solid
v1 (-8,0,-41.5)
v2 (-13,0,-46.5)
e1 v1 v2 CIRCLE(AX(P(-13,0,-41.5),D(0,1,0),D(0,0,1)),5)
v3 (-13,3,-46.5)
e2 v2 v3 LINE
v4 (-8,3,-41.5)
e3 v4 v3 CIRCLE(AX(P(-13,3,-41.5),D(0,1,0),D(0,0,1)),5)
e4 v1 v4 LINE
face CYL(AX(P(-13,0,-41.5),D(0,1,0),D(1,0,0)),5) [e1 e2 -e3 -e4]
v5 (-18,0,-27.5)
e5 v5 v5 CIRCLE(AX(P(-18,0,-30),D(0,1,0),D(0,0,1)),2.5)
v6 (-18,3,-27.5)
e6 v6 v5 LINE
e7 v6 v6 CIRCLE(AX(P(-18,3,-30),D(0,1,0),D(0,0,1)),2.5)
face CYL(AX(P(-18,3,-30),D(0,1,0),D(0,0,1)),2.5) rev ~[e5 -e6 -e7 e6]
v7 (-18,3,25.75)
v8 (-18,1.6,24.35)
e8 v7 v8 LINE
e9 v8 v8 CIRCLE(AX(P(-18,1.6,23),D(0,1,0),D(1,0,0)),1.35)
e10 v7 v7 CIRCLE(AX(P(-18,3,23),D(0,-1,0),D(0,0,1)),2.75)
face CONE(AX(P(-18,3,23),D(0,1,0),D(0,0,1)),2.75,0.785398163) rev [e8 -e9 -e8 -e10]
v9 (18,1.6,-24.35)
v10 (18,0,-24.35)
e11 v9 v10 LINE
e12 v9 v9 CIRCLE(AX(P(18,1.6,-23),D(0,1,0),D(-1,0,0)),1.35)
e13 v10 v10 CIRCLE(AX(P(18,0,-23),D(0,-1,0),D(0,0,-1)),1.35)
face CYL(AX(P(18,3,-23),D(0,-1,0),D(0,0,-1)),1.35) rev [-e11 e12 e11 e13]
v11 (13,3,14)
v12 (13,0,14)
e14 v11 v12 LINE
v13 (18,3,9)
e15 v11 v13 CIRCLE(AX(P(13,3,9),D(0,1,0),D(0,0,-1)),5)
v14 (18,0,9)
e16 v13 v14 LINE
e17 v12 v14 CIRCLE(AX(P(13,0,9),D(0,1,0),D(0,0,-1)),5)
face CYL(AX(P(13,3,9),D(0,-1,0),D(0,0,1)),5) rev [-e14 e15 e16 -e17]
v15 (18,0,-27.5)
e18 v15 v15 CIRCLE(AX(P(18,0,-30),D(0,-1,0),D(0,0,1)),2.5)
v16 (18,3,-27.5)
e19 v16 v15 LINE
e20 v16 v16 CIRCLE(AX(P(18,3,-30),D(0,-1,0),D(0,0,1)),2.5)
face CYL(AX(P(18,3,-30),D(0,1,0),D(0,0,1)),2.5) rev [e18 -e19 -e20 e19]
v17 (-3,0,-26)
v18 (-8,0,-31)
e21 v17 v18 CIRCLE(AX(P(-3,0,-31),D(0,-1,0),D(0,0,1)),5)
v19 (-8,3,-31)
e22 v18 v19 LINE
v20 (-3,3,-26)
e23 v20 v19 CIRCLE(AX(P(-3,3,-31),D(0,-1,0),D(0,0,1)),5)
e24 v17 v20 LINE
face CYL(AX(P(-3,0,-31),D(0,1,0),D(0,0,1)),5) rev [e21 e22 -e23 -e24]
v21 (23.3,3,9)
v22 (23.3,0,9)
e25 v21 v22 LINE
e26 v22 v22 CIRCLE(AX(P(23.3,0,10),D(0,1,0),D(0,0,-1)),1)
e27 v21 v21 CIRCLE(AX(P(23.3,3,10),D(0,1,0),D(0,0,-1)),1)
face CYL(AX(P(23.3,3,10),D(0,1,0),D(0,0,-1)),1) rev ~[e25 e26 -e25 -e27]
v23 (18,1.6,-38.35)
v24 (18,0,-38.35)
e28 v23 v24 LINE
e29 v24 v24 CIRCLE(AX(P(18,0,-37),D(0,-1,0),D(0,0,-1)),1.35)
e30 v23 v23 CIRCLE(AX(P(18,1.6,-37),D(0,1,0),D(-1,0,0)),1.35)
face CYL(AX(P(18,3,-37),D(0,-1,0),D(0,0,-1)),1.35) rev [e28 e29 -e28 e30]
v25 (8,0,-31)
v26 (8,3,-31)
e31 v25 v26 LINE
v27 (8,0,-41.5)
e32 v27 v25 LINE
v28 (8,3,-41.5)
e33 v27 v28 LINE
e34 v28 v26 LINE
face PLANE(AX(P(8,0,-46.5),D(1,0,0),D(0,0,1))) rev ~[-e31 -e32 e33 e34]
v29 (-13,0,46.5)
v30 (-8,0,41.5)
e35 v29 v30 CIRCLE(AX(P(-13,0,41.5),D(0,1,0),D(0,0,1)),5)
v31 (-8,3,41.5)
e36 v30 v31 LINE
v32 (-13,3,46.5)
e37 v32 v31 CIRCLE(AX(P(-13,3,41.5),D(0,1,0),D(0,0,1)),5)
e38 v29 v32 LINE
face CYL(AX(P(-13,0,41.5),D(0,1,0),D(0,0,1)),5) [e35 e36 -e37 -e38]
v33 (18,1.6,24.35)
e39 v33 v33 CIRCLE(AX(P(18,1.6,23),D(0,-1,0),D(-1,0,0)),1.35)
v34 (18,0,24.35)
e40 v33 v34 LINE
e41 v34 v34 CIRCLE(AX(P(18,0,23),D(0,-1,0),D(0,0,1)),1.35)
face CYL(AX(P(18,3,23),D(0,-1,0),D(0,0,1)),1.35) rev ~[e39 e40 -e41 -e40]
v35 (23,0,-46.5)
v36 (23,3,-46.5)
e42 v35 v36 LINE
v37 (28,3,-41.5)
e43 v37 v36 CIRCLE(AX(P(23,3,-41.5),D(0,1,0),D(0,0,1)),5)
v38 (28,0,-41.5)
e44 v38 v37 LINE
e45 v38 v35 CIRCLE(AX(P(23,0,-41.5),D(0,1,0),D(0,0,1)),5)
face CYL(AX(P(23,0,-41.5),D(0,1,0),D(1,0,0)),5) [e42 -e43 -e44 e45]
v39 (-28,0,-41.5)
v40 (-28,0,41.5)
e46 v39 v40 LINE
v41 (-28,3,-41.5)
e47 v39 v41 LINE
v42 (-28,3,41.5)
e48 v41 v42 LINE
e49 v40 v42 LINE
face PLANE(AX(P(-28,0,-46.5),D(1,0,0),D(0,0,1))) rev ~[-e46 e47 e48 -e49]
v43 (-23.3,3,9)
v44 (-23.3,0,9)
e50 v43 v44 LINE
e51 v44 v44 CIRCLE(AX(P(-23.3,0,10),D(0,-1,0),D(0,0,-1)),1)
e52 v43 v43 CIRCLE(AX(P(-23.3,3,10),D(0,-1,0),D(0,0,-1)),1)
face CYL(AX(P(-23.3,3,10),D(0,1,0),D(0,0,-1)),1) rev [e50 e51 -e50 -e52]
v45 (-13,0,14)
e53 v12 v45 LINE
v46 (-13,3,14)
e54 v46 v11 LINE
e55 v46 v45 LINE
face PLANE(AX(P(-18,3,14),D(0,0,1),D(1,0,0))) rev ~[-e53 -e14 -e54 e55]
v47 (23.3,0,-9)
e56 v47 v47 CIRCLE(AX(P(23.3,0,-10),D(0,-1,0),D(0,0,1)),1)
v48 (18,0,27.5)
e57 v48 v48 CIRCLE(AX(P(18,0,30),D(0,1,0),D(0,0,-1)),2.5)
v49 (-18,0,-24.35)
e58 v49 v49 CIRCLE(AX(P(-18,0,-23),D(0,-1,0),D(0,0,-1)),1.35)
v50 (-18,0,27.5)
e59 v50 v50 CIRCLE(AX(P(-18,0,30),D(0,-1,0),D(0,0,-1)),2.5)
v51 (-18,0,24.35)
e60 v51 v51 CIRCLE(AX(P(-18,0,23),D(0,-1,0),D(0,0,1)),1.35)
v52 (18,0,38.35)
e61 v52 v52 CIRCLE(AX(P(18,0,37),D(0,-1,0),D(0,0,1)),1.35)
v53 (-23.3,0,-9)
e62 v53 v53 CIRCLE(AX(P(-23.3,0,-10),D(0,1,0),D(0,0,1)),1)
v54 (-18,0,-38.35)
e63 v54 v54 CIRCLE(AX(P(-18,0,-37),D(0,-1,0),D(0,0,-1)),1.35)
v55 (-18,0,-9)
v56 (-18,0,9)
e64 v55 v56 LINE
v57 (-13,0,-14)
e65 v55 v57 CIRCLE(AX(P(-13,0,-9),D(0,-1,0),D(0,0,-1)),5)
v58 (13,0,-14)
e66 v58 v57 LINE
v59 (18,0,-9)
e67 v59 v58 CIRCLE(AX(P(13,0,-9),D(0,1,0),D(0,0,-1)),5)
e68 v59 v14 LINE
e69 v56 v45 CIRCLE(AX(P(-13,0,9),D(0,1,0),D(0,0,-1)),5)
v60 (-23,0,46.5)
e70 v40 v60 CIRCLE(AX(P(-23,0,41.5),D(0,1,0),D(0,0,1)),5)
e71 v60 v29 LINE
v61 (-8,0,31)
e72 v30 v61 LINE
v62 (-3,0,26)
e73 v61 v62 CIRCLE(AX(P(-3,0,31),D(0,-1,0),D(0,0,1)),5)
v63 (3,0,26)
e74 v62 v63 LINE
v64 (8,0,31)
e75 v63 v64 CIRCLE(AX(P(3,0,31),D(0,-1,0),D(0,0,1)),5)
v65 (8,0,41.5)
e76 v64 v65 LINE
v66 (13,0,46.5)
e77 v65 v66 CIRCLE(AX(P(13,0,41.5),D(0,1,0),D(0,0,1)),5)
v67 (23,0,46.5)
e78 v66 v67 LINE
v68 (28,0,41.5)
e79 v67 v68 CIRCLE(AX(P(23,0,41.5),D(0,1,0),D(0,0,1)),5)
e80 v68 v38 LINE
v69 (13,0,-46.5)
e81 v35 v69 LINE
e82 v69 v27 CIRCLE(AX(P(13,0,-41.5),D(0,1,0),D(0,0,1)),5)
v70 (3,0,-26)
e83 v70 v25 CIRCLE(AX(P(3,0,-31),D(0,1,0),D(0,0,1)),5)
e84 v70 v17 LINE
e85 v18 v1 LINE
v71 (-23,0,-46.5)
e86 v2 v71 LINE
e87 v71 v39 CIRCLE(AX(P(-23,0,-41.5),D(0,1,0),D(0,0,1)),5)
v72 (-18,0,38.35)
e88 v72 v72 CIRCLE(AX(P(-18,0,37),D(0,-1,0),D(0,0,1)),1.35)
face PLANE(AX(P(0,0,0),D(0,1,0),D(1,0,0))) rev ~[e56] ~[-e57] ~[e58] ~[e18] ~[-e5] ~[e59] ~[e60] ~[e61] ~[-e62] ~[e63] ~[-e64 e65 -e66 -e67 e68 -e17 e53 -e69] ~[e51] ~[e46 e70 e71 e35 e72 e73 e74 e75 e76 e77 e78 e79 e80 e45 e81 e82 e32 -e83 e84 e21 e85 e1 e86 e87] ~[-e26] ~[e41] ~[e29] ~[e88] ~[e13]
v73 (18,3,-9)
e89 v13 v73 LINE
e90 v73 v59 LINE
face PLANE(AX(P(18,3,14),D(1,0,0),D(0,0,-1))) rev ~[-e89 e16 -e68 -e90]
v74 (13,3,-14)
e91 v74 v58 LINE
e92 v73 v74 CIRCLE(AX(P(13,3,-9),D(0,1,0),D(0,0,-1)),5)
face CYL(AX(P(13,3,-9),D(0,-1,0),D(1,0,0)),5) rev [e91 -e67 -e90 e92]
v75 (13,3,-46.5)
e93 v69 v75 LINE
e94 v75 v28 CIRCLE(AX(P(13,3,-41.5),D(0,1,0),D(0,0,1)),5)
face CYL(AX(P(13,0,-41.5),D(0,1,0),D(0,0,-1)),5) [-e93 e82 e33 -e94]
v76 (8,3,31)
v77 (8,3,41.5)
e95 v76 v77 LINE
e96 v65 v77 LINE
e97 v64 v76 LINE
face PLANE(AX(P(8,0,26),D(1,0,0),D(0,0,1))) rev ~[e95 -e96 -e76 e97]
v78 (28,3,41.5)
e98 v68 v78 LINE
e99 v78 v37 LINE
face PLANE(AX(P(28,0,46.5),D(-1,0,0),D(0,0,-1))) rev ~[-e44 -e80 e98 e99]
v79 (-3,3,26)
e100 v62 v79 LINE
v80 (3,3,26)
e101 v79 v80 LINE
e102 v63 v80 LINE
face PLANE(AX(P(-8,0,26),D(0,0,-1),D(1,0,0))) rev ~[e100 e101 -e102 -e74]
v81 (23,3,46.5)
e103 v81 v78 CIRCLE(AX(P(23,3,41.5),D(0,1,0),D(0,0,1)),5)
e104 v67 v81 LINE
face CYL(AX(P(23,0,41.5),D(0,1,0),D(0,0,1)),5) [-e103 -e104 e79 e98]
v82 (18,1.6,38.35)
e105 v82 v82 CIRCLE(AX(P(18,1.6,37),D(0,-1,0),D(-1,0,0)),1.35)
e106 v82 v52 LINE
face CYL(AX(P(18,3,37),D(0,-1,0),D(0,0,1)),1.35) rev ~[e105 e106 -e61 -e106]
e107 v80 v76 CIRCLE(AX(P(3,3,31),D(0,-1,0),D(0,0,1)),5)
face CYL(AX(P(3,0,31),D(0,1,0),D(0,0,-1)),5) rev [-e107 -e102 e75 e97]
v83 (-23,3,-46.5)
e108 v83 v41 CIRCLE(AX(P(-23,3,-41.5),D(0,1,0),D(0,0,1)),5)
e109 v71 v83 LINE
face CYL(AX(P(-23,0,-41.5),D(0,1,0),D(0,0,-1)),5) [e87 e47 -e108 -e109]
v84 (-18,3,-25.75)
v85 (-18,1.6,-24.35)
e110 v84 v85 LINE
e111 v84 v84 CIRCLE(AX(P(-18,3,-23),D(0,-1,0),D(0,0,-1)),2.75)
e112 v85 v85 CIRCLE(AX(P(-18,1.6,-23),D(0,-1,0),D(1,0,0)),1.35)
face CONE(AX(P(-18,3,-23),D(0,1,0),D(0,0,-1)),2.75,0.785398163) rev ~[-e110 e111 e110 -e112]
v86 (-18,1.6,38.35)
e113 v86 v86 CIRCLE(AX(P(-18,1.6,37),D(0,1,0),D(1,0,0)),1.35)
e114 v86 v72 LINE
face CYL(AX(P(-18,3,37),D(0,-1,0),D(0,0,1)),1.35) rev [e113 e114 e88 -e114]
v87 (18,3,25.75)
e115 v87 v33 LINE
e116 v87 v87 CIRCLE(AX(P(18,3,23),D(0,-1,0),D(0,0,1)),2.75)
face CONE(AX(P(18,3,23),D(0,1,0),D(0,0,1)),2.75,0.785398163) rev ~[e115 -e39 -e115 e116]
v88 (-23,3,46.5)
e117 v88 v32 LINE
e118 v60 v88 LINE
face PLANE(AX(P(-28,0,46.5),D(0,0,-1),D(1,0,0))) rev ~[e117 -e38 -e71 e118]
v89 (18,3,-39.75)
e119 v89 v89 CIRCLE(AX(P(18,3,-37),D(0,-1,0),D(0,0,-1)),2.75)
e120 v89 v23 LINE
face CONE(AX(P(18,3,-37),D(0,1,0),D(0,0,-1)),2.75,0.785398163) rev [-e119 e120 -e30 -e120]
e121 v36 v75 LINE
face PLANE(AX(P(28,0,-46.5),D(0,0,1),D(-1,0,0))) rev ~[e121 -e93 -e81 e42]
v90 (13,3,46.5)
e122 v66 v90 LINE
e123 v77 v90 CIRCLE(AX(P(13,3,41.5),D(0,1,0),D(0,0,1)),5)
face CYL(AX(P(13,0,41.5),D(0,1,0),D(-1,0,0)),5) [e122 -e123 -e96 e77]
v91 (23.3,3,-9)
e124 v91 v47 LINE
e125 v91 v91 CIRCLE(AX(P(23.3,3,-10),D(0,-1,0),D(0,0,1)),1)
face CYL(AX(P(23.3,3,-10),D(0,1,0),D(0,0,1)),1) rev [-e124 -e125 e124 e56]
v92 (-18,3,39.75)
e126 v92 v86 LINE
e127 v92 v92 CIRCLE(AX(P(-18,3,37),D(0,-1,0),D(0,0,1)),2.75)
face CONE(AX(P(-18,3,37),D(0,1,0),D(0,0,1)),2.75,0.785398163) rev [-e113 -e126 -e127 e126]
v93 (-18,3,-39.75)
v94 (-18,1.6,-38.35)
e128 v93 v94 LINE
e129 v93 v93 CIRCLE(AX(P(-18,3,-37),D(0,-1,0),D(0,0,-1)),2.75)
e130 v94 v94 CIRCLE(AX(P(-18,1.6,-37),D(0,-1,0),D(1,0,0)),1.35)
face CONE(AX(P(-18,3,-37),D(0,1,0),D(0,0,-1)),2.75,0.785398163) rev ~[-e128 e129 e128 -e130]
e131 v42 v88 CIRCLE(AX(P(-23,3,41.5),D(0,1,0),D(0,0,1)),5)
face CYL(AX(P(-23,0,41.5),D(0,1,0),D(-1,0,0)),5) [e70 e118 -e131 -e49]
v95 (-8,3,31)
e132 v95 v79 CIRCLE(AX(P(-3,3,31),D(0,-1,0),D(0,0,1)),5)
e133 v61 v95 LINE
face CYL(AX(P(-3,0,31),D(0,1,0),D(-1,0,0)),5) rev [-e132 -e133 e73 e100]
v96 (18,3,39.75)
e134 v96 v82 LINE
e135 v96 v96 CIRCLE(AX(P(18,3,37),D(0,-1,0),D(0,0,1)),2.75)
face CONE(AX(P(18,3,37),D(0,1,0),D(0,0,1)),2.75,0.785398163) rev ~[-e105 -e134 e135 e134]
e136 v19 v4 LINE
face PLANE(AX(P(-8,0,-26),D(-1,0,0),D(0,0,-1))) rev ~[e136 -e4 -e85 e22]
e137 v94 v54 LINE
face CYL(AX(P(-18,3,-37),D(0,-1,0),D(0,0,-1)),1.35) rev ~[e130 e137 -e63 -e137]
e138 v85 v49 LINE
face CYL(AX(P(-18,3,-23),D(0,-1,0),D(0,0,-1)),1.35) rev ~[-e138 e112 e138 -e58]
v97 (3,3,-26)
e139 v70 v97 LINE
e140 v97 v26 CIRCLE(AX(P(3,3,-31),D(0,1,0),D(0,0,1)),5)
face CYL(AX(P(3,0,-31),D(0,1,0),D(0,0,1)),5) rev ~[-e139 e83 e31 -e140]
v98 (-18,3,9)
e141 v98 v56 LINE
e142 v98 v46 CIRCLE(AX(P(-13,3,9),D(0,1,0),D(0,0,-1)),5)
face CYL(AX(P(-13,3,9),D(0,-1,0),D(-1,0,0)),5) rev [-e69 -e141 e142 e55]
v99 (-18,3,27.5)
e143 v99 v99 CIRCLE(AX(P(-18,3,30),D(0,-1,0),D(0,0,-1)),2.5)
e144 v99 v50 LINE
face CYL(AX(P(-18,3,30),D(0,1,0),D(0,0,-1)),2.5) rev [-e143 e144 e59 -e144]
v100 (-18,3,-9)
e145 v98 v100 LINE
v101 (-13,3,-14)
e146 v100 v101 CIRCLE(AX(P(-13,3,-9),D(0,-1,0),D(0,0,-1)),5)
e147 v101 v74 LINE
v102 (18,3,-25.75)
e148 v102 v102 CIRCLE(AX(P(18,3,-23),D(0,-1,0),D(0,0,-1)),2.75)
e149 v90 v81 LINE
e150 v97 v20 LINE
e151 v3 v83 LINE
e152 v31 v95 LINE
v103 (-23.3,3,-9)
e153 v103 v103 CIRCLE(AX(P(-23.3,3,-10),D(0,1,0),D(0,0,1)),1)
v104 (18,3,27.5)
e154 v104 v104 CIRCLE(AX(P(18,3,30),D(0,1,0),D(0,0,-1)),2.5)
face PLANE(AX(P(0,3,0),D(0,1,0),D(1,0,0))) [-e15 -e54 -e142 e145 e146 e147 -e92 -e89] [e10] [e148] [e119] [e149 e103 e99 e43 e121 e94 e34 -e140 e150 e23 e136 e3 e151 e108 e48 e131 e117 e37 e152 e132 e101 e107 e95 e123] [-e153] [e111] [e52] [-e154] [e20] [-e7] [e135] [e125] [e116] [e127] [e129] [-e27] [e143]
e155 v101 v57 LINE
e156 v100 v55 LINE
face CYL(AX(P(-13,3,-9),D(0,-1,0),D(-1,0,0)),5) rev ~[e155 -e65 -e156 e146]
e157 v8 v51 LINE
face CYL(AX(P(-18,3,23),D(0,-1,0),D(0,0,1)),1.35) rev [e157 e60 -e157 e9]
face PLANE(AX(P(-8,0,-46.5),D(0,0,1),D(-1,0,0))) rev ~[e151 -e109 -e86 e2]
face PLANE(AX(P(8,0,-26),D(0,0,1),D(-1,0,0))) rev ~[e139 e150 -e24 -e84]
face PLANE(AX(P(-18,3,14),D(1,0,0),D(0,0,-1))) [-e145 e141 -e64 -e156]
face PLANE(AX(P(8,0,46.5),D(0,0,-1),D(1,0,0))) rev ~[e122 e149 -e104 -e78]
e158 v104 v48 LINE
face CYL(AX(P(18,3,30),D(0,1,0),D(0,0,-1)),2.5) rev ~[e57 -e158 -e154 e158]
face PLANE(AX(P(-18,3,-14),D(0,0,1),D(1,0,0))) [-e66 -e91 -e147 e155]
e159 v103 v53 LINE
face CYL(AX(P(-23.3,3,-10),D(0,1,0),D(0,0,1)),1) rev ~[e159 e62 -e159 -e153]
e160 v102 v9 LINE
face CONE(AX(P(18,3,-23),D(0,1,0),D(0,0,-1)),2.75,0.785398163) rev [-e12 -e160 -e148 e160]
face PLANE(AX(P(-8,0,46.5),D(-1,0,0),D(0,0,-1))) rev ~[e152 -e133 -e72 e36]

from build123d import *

# Parameters (mm, degrees)
BOSS_EXTRUDE1_DEPTH                                  = 3
FILLET1_R                                            = 5
CUT_EXTRUDE1_REACH                                   = 56.362
SKETCH5_W                                            = 36
SKETCH5_H                                            = 28
FILLET2_R                                            = 5
CSK_FOR_M2_5_COUNTERSUNK_FLAT_HEAD_SCREW_D           = 2.7
CSK_FOR_M2_5_COUNTERSUNK_FLAT_HEAD_SCREW_CSINK_D     = 5.5
CSK_FOR_M2_5_COUNTERSUNK_FLAT_HEAD_SCREW_CSINK_ANGLE = 90
CUT_EXTRUDE2_REACH                                   = 56.362
SKETCH3_R                                            = 2.5
MIRROR1_AT_THE_SECOND_PLANE_COPY_1_D                 = 2.7
MIRROR1_AT_THE_SECOND_PLANE_COPY_1_CSINK_D           = 5.5
MIRROR1_AT_THE_SECOND_PLANE_COPY_1_CSINK_ANGLE       = 90
MIRROR1_AT_THE_SECOND_PLANE_COPY_2_REACH             = 56.362
MIRROR1_AT_THE_SECOND_PLANE_COPY_2_SKETC_R           = 2.5
CUT_EXTRUDE3_REACH                                   = 56.362
SKETCH7_R                                            = 1
MIRROR2_AT_THE_SECOND_PLANE_COPY_1_REACH             = 56.362
MIRROR2_AT_THE_SECOND_PLANE_COPY_1_SKETC_R           = 1


with BuildPart() as part:
    # Sketch1 → Boss-Extrude1 (new body)
    with BuildSketch(Plane(origin=(0, 0, 0), x_dir=(1, 0, 0), z_dir=(0, 1, 0))):
        Polygon((8, 26), (-8, 26), (-8, 46.5), (-28, 46.5), (-28, -46.5), (-8, -46.5), (-8, -26), (8, -26), (8, -46.5), (28, -46.5), (28, 46.5), (8, 46.5), align=None)
    extrude(amount=BOSS_EXTRUDE1_DEPTH)

    # Fillet1
    fillet1_edges = [part.edges().sort_by_distance(p)[0] for p in [
        (-8, 1.5, -26),
        (8, 1.5, -26),
        (8, 1.5, -46.5),
        (28, 1.5, -46.5),
        (28, 1.5, 46.5),
        (8, 1.5, 46.5),
        (8, 1.5, 26),
        (-8, 1.5, 26),
        (-8, 1.5, 46.5),
        (-28, 1.5, 46.5),
        (-28, 1.5, -46.5),
        (-8, 1.5, -46.5),
    ]]
    fillet(fillet1_edges, radius=FILLET1_R)

    # Sketch5 → Cut-Extrude1 (cut, up to next)
    with BuildSketch(Plane(origin=(0, 3, 0), x_dir=(1, 0, 0), z_dir=(0, 1, 0)), mode=Mode.PRIVATE) as cut_extrude1_sk1:
        Rectangle(SKETCH5_W, SKETCH5_H)
    cut_extrude1_tool1 = extrude(cut_extrude1_sk1.sketch, amount=-CUT_EXTRUDE1_REACH, mode=Mode.PRIVATE) & part.part
    add(cut_extrude1_tool1.solids().sort_by_distance((0, 3, 0))[0], mode=Mode.SUBTRACT)

    # Fillet2
    fillet2_edges = [part.edges().sort_by_distance(p)[0] for p in [
        (-18, 1.5, 14),
        (-18, 1.5, -14),
        (18, 1.5, -14),
        (18, 1.5, 14),
    ]]
    fillet(fillet2_edges, radius=FILLET2_R)

    # CSK for M2.5 Countersunk Flat Head Screw1 (through all)
    with Locations(Plane(origin=(-18, 3, -37), x_dir=(0, 0, 1), z_dir=(0, 1, 0))):
        with Locations((0, 0), (14, 0)):
            csk_for_m2_5_countersunk_flat_head_screw = CounterSinkHole(CSK_FOR_M2_5_COUNTERSUNK_FLAT_HEAD_SCREW_D / 2, CSK_FOR_M2_5_COUNTERSUNK_FLAT_HEAD_SCREW_CSINK_D / 2, counter_sink_angle=CSK_FOR_M2_5_COUNTERSUNK_FLAT_HEAD_SCREW_CSINK_ANGLE)

    # Sketch3 → Cut-Extrude2 (cut, up to next)
    with BuildSketch(Plane(origin=(0, 3, 0), x_dir=(1, 0, 0), z_dir=(0, 1, 0)), mode=Mode.PRIVATE) as cut_extrude2_sk1:
        with Locations(Location((-18, 30, 0), (0, 0, 270))):
            Circle(SKETCH3_R)
    cut_extrude2_tool1 = extrude(cut_extrude2_sk1.sketch, amount=-CUT_EXTRUDE2_REACH, mode=Mode.PRIVATE) & part.part
    cut_extrude2 = cut_extrude2_tool1.solids().sort_by_distance((-18, 3, -30))[0]
    add(cut_extrude2, mode=Mode.SUBTRACT)

    # Mirror1: CSK for M2.5 Countersunk Flat Head Screw1, Cut-Extrude2 across plane
    add(csk_for_m2_5_countersunk_flat_head_screw.mirror(Plane(origin=(0, 0, 0), x_dir=(0, 0, 1), z_dir=(1, 0, 0))), mode=Mode.SUBTRACT)
    add(cut_extrude2.mirror(Plane(origin=(0, 0, 0), x_dir=(0, 0, 1), z_dir=(1, 0, 0))), mode=Mode.SUBTRACT)

    # Mirror1 at the second plane: CSK for M2.5 Countersunk Flat Head Screw1, Cut-Extrude2 across plane
    add(csk_for_m2_5_countersunk_flat_head_screw.mirror(Plane.XY), mode=Mode.SUBTRACT)
    add(cut_extrude2.mirror(Plane.XY), mode=Mode.SUBTRACT)

    # Mirror1 at the second plane copy 1 (through all)
    with Locations(Plane(origin=(18, 3, 37), x_dir=(0, 0, -1), z_dir=(0, 1, 0))):
        with Locations((0, 0), (14, 0)):
            CounterSinkHole(MIRROR1_AT_THE_SECOND_PLANE_COPY_1_D / 2, MIRROR1_AT_THE_SECOND_PLANE_COPY_1_CSINK_D / 2, counter_sink_angle=MIRROR1_AT_THE_SECOND_PLANE_COPY_1_CSINK_ANGLE)

    # Mirror1 at the second plane copy 2 sketc → Mirror1 at the second plane copy 2 (cut, up to next)
    with BuildSketch(Plane(origin=(0, 3, 0), x_dir=(-1, 0, 0), z_dir=(0, 1, 0)), mode=Mode.PRIVATE) as mirror1_at_the_second_plane_copy_2_sk1:
        with Locations(Location((-18, 30, 0), (0, 0, 270))):
            Circle(MIRROR1_AT_THE_SECOND_PLANE_COPY_2_SKETC_R)
    mirror1_at_the_second_plane_copy_2_tool1 = extrude(mirror1_at_the_second_plane_copy_2_sk1.sketch, amount=-MIRROR1_AT_THE_SECOND_PLANE_COPY_2_REACH, mode=Mode.PRIVATE) & part.part
    add(mirror1_at_the_second_plane_copy_2_tool1.solids().sort_by_distance((18, 3, 30))[0], mode=Mode.SUBTRACT)

    # Sketch7 → Cut-Extrude3 (cut, up to next)
    with BuildSketch(Plane(origin=(0, 3, 0), x_dir=(1, 0, 0), z_dir=(0, 1, 0)), mode=Mode.PRIVATE) as cut_extrude3_sk1:
        with Locations(Location((-23.3, 10, 0), (0, 0, 270))):
            Circle(SKETCH7_R)
    cut_extrude3_tool1 = extrude(cut_extrude3_sk1.sketch, amount=-CUT_EXTRUDE3_REACH, mode=Mode.PRIVATE) & part.part
    cut_extrude3 = cut_extrude3_tool1.solids().sort_by_distance((-23.3, 3, -10))[0]
    add(cut_extrude3, mode=Mode.SUBTRACT)

    # Mirror2: Cut-Extrude3 across plane
    add(cut_extrude3.mirror(Plane(origin=(0, 0, 0), x_dir=(0, 0, 1), z_dir=(1, 0, 0))), mode=Mode.SUBTRACT)

    # Mirror2 at the second plane: Cut-Extrude3 across plane
    add(cut_extrude3.mirror(Plane.XY), mode=Mode.SUBTRACT)

    # Mirror2 at the second plane copy 1 sketc → Mirror2 at the second plane copy 1 (cut, up to next)
    with BuildSketch(Plane(origin=(0, 3, 0), x_dir=(-1, 0, 0), z_dir=(0, 1, 0)), mode=Mode.PRIVATE) as mirror2_at_the_second_plane_copy_1_sk1:
        with Locations(Location((-23.3, 10, 0), (0, 0, 270))):
            Circle(MIRROR2_AT_THE_SECOND_PLANE_COPY_1_SKETC_R)
    mirror2_at_the_second_plane_copy_1_tool1 = extrude(mirror2_at_the_second_plane_copy_1_sk1.sketch, amount=-MIRROR2_AT_THE_SECOND_PLANE_COPY_1_REACH, mode=Mode.PRIVATE) & part.part
    add(mirror2_at_the_second_plane_copy_1_tool1.solids().sort_by_distance((23.3, 3, 10))[0], mode=Mode.SUBTRACT)


solid = part.part
